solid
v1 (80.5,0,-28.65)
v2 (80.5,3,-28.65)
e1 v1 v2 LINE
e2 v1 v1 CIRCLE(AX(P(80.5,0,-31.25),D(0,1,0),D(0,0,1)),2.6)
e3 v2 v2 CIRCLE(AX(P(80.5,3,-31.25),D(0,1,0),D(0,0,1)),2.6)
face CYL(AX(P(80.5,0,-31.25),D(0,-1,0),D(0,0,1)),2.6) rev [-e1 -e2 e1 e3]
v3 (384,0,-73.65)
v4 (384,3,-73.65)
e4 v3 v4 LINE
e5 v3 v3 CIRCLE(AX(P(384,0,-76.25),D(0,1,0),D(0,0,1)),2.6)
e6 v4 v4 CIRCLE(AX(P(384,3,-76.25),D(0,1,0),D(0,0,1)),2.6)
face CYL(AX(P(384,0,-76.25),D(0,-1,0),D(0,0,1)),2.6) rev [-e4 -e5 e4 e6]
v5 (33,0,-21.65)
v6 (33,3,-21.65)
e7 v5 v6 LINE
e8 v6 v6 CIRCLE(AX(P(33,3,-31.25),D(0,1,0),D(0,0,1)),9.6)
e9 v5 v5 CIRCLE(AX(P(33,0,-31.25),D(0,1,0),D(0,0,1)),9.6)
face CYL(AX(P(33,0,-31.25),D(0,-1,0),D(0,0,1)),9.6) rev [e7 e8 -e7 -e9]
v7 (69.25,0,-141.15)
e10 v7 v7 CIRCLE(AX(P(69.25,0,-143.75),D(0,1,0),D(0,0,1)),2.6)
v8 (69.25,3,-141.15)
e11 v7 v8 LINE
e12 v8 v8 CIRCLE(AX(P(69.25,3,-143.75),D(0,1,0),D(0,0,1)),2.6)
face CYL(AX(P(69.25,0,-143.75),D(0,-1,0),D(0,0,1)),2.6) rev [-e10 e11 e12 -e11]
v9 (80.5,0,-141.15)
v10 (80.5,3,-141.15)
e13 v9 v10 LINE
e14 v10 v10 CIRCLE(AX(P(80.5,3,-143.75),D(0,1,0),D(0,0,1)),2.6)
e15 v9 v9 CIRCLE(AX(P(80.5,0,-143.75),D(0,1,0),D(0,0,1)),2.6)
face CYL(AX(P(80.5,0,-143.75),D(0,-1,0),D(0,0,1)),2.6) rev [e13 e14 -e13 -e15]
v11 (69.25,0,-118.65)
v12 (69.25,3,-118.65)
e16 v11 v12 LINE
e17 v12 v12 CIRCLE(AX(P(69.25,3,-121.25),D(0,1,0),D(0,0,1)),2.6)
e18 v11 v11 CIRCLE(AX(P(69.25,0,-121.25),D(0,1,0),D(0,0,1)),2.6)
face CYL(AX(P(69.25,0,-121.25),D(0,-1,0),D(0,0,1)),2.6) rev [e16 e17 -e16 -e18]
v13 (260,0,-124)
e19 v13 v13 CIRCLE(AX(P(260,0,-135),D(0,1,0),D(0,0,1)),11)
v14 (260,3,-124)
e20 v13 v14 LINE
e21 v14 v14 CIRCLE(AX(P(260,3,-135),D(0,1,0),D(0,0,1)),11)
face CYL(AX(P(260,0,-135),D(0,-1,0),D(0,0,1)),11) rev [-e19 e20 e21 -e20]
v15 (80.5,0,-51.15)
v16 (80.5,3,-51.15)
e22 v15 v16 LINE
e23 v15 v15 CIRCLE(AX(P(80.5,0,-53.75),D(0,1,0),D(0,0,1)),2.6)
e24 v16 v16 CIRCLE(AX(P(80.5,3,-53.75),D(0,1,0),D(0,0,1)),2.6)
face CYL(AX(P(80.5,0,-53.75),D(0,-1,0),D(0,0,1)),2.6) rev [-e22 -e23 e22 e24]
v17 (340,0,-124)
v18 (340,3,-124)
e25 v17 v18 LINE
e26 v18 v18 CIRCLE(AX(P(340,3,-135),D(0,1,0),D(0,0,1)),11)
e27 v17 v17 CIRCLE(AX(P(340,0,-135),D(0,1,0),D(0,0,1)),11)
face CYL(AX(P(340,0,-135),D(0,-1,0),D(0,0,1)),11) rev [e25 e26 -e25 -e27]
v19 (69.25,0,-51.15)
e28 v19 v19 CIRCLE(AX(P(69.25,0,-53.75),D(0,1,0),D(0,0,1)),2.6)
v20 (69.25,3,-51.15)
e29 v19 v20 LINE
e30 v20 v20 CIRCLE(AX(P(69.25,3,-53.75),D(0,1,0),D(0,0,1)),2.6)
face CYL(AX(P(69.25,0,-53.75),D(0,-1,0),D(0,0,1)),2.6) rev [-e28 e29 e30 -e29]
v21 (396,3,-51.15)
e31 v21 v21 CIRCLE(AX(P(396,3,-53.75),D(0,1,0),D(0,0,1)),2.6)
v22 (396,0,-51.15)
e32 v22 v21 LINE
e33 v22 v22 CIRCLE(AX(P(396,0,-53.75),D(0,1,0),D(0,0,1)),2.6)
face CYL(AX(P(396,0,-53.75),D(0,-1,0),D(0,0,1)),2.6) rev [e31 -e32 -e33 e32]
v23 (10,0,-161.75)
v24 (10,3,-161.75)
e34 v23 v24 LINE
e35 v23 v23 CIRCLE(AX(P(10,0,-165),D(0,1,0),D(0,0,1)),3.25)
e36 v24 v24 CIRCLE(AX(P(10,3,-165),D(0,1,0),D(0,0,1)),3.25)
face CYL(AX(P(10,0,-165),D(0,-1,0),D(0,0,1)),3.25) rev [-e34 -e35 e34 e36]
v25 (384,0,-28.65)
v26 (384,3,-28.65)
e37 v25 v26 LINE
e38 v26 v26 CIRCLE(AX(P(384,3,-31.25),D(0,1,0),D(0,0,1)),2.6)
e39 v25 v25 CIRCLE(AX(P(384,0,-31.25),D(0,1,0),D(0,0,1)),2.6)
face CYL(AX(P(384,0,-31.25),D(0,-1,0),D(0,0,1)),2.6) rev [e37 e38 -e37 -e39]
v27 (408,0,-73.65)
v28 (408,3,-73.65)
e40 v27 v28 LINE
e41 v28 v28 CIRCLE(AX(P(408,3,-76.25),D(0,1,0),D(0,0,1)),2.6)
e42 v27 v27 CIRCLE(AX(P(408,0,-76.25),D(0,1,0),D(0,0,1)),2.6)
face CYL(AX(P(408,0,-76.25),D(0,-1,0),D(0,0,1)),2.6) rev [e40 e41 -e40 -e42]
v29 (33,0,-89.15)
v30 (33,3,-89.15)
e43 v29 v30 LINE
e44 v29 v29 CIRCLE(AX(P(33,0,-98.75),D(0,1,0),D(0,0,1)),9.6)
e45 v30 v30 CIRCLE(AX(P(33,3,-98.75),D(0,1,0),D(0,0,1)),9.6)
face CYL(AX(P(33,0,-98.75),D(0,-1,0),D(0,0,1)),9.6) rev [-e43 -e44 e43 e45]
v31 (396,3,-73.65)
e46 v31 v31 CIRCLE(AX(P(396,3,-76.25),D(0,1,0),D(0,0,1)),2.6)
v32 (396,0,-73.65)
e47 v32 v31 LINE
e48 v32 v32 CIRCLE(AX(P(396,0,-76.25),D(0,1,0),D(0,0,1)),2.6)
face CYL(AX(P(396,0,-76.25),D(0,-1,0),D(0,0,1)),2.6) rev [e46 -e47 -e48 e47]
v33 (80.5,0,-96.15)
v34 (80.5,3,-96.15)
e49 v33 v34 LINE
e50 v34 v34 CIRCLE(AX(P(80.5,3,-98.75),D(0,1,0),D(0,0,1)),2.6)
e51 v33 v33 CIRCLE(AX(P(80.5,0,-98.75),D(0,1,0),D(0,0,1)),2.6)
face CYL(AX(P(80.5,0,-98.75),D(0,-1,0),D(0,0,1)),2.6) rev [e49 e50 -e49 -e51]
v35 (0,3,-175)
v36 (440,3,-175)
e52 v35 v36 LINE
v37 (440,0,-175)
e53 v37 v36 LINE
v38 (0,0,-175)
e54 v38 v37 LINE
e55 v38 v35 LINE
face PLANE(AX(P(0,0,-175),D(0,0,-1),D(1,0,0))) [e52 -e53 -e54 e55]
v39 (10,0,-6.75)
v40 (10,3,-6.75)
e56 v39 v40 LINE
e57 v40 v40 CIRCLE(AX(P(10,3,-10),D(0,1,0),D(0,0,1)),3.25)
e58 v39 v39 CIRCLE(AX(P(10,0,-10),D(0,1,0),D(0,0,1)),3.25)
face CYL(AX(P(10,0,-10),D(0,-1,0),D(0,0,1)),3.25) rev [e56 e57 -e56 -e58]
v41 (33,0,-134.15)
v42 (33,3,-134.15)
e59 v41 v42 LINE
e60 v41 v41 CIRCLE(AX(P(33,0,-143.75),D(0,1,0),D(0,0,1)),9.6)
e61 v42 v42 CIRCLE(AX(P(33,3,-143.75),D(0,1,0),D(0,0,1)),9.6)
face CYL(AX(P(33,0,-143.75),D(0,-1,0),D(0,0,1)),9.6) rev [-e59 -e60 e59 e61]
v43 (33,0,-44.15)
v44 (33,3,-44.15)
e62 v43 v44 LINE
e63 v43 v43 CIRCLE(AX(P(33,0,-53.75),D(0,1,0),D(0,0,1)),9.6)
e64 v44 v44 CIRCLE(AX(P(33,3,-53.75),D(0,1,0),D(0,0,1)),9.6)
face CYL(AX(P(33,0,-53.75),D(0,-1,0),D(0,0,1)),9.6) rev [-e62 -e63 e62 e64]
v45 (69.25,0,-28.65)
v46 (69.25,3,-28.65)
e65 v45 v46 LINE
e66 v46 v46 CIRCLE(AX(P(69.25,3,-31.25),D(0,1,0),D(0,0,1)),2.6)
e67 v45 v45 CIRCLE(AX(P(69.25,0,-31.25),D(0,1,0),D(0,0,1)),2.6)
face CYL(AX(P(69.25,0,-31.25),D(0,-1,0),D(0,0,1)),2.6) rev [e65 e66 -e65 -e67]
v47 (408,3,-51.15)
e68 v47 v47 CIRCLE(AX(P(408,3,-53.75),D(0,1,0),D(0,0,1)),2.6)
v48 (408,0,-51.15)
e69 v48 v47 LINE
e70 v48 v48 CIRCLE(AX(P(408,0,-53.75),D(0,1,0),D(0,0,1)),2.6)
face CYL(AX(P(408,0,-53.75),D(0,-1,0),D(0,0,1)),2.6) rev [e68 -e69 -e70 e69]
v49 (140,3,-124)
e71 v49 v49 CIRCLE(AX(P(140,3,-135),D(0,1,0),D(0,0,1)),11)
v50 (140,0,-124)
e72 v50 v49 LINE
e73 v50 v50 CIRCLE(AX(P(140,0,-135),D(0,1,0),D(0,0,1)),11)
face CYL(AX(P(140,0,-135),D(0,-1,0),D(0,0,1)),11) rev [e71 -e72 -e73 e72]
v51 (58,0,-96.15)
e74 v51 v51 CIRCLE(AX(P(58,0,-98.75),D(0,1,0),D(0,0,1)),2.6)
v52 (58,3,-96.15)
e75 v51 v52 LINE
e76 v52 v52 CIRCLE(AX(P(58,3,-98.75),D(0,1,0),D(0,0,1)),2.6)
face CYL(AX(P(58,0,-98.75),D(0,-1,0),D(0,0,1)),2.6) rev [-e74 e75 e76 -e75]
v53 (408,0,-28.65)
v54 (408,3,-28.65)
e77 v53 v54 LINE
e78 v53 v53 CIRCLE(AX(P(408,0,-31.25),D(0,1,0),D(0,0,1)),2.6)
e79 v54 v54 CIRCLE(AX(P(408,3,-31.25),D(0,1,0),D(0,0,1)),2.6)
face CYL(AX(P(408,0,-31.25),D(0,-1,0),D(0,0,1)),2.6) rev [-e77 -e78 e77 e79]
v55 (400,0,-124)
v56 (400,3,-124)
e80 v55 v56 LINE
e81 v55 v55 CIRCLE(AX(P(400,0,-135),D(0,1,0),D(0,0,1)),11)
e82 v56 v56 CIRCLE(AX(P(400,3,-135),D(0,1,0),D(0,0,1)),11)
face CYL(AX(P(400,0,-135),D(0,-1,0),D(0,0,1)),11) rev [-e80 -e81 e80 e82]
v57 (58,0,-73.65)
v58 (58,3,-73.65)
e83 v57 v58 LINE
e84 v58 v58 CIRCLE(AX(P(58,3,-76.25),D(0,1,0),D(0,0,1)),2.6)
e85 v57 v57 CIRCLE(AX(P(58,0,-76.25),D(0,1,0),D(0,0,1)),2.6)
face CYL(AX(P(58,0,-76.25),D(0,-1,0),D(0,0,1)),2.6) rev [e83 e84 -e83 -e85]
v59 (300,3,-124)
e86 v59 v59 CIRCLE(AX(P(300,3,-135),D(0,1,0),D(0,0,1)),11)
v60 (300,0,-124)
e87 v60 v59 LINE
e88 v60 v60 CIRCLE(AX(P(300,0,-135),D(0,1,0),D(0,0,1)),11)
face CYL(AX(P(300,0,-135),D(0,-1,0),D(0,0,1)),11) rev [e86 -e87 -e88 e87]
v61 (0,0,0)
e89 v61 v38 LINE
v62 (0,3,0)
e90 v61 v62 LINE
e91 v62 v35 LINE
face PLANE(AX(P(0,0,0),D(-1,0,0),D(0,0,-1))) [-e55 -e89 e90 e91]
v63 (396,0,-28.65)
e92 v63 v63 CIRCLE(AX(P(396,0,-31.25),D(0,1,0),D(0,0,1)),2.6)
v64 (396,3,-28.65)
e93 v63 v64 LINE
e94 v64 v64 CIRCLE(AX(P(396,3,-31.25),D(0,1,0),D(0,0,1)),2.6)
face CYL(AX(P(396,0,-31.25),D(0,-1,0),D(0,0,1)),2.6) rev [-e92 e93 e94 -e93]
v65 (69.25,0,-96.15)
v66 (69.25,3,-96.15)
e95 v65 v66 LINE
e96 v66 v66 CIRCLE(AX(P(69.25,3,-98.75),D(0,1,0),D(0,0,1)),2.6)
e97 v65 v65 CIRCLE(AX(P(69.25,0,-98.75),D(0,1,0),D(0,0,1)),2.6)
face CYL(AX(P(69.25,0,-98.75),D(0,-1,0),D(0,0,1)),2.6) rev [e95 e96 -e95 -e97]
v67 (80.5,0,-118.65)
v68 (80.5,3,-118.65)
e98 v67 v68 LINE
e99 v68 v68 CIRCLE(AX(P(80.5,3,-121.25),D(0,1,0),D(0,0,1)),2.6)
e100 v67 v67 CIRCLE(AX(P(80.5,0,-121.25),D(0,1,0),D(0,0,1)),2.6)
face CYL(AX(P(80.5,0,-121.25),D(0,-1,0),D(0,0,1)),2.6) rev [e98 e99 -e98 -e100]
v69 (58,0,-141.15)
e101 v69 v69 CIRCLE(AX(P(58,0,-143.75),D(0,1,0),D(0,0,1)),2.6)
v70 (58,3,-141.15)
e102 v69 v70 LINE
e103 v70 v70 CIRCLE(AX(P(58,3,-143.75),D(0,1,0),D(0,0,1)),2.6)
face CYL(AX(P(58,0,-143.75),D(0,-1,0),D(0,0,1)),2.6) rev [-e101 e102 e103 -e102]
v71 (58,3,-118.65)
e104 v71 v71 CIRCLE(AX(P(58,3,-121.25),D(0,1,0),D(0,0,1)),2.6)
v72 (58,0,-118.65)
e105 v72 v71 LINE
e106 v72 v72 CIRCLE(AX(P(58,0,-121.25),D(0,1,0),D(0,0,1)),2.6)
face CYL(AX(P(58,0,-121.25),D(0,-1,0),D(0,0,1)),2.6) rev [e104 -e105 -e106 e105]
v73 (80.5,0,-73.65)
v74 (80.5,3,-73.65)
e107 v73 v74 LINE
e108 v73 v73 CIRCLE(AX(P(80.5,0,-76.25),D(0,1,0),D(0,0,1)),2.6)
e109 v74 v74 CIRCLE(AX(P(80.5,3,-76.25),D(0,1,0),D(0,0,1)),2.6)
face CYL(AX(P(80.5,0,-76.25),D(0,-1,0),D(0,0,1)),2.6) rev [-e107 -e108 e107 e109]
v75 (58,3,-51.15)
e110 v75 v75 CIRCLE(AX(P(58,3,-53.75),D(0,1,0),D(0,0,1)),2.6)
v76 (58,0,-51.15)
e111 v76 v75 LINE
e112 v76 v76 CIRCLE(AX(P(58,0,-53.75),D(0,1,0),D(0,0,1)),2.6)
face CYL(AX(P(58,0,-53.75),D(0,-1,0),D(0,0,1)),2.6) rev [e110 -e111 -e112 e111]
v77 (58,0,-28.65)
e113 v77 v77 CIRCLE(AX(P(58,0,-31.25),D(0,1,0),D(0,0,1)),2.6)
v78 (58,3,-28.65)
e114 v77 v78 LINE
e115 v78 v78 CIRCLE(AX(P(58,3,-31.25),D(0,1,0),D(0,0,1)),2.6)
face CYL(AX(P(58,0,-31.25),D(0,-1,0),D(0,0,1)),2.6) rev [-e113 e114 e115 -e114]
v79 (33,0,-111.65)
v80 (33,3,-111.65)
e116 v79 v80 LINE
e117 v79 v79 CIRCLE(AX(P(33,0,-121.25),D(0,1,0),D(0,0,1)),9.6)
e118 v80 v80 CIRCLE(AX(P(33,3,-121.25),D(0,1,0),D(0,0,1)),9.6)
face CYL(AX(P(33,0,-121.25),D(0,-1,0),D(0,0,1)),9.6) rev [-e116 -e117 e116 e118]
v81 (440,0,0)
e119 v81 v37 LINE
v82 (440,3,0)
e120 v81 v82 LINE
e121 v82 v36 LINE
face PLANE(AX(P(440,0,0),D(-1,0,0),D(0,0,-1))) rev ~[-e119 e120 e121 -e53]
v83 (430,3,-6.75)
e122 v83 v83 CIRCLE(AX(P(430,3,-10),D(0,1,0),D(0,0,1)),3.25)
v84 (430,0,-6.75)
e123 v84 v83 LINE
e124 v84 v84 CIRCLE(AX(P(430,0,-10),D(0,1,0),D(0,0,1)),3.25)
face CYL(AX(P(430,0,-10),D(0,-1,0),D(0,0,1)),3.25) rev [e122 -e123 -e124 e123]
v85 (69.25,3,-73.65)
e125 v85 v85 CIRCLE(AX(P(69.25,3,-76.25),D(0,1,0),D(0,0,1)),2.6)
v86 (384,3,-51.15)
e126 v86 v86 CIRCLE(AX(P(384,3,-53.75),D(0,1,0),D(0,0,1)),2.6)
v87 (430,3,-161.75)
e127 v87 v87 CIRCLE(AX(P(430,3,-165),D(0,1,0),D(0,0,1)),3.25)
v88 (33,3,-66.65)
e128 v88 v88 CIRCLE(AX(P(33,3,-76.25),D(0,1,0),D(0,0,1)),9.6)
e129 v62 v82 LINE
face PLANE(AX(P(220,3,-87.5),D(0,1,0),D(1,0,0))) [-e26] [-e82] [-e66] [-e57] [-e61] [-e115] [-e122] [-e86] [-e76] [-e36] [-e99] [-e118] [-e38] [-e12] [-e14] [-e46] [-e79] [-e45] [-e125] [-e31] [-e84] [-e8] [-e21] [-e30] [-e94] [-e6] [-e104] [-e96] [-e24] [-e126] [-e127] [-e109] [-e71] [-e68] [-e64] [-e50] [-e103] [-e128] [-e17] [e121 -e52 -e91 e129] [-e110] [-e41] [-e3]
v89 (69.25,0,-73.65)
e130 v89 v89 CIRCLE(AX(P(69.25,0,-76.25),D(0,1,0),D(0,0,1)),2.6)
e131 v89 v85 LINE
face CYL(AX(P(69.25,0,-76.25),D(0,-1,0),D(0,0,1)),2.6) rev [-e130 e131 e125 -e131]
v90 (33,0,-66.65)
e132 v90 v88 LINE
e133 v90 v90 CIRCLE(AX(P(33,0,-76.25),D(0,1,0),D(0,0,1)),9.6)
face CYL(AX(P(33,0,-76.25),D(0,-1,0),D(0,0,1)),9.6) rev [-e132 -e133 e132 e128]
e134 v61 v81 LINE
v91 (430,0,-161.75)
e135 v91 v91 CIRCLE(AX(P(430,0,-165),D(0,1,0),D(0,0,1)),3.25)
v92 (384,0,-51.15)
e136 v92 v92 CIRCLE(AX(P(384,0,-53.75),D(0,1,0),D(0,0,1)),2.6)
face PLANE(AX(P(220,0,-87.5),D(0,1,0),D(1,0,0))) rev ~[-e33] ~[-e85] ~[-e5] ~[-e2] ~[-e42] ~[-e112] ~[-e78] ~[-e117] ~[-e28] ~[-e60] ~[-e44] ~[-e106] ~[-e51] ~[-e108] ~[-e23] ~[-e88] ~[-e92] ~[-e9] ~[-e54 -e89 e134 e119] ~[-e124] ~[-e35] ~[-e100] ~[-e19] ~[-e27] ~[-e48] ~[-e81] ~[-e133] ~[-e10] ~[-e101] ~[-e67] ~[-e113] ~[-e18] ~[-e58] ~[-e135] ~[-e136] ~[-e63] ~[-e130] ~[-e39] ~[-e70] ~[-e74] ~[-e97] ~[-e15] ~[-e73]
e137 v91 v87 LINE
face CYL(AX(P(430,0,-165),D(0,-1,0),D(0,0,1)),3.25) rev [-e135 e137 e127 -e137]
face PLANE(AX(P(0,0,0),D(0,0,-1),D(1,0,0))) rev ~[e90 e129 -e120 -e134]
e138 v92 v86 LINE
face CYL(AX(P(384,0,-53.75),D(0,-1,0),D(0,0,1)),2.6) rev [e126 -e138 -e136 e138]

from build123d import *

# Parameters (mm, degrees)
SKETCH1_W           = 440
SKETCH1_H           = 175
SKETCH1_R           = 3.25
SKETCH1_R_2         = 9.6
SKETCH1_R_3         = 2.6
SKETCH1_R_4         = 11
BOSS_EXTRUDE1_DEPTH = 3


with BuildPart() as part:
    # Sketch1 → Boss-Extrude1 (new body)
    with BuildSketch(Plane(origin=(0, 0, 0), x_dir=(1, 0, 0), z_dir=(0, 1, 0))):
        with Locations((220, 87.5)):
            Rectangle(SKETCH1_W, SKETCH1_H)
        with Locations(Location((10, 10, 0), (0, 0, 270))):
            Circle(SKETCH1_R, mode=Mode.SUBTRACT)
        with Locations(Location((10, 165, 0), (0, 0, 270))):
            Circle(SKETCH1_R, mode=Mode.SUBTRACT)
        with Locations(Location((430, 165, 0), (0, 0, 270))):
            Circle(SKETCH1_R, mode=Mode.SUBTRACT)
        with Locations(Location((430, 10, 0), (0, 0, 270))):
            Circle(SKETCH1_R, mode=Mode.SUBTRACT)
        with Locations(Location((33, 31.25, 0), (0, 0, 270))):
            Circle(SKETCH1_R_2, mode=Mode.SUBTRACT)
        with Locations(Location((33, 53.75, 0), (0, 0, 270))):
            Circle(SKETCH1_R_2, mode=Mode.SUBTRACT)
        with Locations(Location((33, 76.25, 0), (0, 0, 270))):
            Circle(SKETCH1_R_2, mode=Mode.SUBTRACT)
        with Locations(Location((33, 98.75, 0), (0, 0, 270))):
            Circle(SKETCH1_R_2, mode=Mode.SUBTRACT)
        with Locations(Location((33, 121.25, 0), (0, 0, 270))):
            Circle(SKETCH1_R_2, mode=Mode.SUBTRACT)
        with Locations(Location((33, 143.75, 0), (0, 0, 270))):
            Circle(SKETCH1_R_2, mode=Mode.SUBTRACT)
        with Locations(Location((58, 31.25, 0), (0, 0, 270))):
            Circle(SKETCH1_R_3, mode=Mode.SUBTRACT)
        with Locations(Location((58, 53.75, 0), (0, 0, 270))):
            Circle(SKETCH1_R_3, mode=Mode.SUBTRACT)
        with Locations(Location((58, 76.25, 0), (0, 0, 270))):
            Circle(SKETCH1_R_3, mode=Mode.SUBTRACT)
        with Locations(Location((58, 98.75, 0), (0, 0, 270))):
            Circle(SKETCH1_R_3, mode=Mode.SUBTRACT)
        with Locations(Location((58, 121.25, 0), (0, 0, 270))):
            Circle(SKETCH1_R_3, mode=Mode.SUBTRACT)
        with Locations(Location((58, 143.75, 0), (0, 0, 270))):
            Circle(SKETCH1_R_3, mode=Mode.SUBTRACT)
        with Locations(Location((69.25, 31.25, 0), (0, 0, 270))):
            Circle(SKETCH1_R_3, mode=Mode.SUBTRACT)
        with Locations(Location((69.25, 53.75, 0), (0, 0, 270))):
            Circle(SKETCH1_R_3, mode=Mode.SUBTRACT)
        with Locations(Location((69.25, 76.25, 0), (0, 0, 270))):
            Circle(SKETCH1_R_3, mode=Mode.SUBTRACT)
        with Locations(Location((69.25, 98.75, 0), (0, 0, 270))):
            Circle(SKETCH1_R_3, mode=Mode.SUBTRACT)
        with Locations(Location((69.25, 121.25, 0), (0, 0, 270))):
            Circle(SKETCH1_R_3, mode=Mode.SUBTRACT)
        with Locations(Location((69.25, 143.75, 0), (0, 0, 270))):
            Circle(SKETCH1_R_3, mode=Mode.SUBTRACT)
        with Locations(Location((80.5, 31.25, 0), (0, 0, 270))):
            Circle(SKETCH1_R_3, mode=Mode.SUBTRACT)
        with Locations(Location((80.5, 53.75, 0), (0, 0, 270))):
            Circle(SKETCH1_R_3, mode=Mode.SUBTRACT)
        with Locations(Location((80.5, 76.25, 0), (0, 0, 270))):
            Circle(SKETCH1_R_3, mode=Mode.SUBTRACT)
        with Locations(Location((80.5, 98.75, 0), (0, 0, 270))):
            Circle(SKETCH1_R_3, mode=Mode.SUBTRACT)
        with Locations(Location((80.5, 121.25, 0), (0, 0, 270))):
            Circle(SKETCH1_R_3, mode=Mode.SUBTRACT)
        with Locations(Location((80.5, 143.75, 0), (0, 0, 270))):
            Circle(SKETCH1_R_3, mode=Mode.SUBTRACT)
        with Locations(Location((400, 135, 0), (0, 0, 270))):
            Circle(SKETCH1_R_4, mode=Mode.SUBTRACT)
        with Locations(Location((340, 135, 0), (0, 0, 270))):
            Circle(SKETCH1_R_4, mode=Mode.SUBTRACT)
        with Locations(Location((300, 135, 0), (0, 0, 270))):
            Circle(SKETCH1_R_4, mode=Mode.SUBTRACT)
        with Locations(Location((260, 135, 0), (0, 0, 270))):
            Circle(SKETCH1_R_4, mode=Mode.SUBTRACT)
        with Locations(Location((140, 135, 0), (0, 0, 270))):
            Circle(SKETCH1_R_4, mode=Mode.SUBTRACT)
        with Locations(Location((408, 31.25, 0), (0, 0, 270))):
            Circle(SKETCH1_R_3, mode=Mode.SUBTRACT)
        with Locations(Location((396, 31.25, 0), (0, 0, 270))):
            Circle(SKETCH1_R_3, mode=Mode.SUBTRACT)
        with Locations(Location((384, 31.25, 0), (0, 0, 270))):
            Circle(SKETCH1_R_3, mode=Mode.SUBTRACT)
        with Locations(Location((408, 53.75, 0), (0, 0, 270))):
            Circle(SKETCH1_R_3, mode=Mode.SUBTRACT)
        with Locations(Location((396, 53.75, 0), (0, 0, 270))):
            Circle(SKETCH1_R_3, mode=Mode.SUBTRACT)
        with Locations(Location((384, 53.75, 0), (0, 0, 270))):
            Circle(SKETCH1_R_3, mode=Mode.SUBTRACT)
        with Locations(Location((408, 76.25, 0), (0, 0, 270))):
            Circle(SKETCH1_R_3, mode=Mode.SUBTRACT)
        with Locations(Location((396, 76.25, 0), (0, 0, 270))):
            Circle(SKETCH1_R_3, mode=Mode.SUBTRACT)
        with Locations(Location((384, 76.25, 0), (0, 0, 270))):
            Circle(SKETCH1_R_3, mode=Mode.SUBTRACT)
    extrude(amount=BOSS_EXTRUDE1_DEPTH)


solid = part.part
